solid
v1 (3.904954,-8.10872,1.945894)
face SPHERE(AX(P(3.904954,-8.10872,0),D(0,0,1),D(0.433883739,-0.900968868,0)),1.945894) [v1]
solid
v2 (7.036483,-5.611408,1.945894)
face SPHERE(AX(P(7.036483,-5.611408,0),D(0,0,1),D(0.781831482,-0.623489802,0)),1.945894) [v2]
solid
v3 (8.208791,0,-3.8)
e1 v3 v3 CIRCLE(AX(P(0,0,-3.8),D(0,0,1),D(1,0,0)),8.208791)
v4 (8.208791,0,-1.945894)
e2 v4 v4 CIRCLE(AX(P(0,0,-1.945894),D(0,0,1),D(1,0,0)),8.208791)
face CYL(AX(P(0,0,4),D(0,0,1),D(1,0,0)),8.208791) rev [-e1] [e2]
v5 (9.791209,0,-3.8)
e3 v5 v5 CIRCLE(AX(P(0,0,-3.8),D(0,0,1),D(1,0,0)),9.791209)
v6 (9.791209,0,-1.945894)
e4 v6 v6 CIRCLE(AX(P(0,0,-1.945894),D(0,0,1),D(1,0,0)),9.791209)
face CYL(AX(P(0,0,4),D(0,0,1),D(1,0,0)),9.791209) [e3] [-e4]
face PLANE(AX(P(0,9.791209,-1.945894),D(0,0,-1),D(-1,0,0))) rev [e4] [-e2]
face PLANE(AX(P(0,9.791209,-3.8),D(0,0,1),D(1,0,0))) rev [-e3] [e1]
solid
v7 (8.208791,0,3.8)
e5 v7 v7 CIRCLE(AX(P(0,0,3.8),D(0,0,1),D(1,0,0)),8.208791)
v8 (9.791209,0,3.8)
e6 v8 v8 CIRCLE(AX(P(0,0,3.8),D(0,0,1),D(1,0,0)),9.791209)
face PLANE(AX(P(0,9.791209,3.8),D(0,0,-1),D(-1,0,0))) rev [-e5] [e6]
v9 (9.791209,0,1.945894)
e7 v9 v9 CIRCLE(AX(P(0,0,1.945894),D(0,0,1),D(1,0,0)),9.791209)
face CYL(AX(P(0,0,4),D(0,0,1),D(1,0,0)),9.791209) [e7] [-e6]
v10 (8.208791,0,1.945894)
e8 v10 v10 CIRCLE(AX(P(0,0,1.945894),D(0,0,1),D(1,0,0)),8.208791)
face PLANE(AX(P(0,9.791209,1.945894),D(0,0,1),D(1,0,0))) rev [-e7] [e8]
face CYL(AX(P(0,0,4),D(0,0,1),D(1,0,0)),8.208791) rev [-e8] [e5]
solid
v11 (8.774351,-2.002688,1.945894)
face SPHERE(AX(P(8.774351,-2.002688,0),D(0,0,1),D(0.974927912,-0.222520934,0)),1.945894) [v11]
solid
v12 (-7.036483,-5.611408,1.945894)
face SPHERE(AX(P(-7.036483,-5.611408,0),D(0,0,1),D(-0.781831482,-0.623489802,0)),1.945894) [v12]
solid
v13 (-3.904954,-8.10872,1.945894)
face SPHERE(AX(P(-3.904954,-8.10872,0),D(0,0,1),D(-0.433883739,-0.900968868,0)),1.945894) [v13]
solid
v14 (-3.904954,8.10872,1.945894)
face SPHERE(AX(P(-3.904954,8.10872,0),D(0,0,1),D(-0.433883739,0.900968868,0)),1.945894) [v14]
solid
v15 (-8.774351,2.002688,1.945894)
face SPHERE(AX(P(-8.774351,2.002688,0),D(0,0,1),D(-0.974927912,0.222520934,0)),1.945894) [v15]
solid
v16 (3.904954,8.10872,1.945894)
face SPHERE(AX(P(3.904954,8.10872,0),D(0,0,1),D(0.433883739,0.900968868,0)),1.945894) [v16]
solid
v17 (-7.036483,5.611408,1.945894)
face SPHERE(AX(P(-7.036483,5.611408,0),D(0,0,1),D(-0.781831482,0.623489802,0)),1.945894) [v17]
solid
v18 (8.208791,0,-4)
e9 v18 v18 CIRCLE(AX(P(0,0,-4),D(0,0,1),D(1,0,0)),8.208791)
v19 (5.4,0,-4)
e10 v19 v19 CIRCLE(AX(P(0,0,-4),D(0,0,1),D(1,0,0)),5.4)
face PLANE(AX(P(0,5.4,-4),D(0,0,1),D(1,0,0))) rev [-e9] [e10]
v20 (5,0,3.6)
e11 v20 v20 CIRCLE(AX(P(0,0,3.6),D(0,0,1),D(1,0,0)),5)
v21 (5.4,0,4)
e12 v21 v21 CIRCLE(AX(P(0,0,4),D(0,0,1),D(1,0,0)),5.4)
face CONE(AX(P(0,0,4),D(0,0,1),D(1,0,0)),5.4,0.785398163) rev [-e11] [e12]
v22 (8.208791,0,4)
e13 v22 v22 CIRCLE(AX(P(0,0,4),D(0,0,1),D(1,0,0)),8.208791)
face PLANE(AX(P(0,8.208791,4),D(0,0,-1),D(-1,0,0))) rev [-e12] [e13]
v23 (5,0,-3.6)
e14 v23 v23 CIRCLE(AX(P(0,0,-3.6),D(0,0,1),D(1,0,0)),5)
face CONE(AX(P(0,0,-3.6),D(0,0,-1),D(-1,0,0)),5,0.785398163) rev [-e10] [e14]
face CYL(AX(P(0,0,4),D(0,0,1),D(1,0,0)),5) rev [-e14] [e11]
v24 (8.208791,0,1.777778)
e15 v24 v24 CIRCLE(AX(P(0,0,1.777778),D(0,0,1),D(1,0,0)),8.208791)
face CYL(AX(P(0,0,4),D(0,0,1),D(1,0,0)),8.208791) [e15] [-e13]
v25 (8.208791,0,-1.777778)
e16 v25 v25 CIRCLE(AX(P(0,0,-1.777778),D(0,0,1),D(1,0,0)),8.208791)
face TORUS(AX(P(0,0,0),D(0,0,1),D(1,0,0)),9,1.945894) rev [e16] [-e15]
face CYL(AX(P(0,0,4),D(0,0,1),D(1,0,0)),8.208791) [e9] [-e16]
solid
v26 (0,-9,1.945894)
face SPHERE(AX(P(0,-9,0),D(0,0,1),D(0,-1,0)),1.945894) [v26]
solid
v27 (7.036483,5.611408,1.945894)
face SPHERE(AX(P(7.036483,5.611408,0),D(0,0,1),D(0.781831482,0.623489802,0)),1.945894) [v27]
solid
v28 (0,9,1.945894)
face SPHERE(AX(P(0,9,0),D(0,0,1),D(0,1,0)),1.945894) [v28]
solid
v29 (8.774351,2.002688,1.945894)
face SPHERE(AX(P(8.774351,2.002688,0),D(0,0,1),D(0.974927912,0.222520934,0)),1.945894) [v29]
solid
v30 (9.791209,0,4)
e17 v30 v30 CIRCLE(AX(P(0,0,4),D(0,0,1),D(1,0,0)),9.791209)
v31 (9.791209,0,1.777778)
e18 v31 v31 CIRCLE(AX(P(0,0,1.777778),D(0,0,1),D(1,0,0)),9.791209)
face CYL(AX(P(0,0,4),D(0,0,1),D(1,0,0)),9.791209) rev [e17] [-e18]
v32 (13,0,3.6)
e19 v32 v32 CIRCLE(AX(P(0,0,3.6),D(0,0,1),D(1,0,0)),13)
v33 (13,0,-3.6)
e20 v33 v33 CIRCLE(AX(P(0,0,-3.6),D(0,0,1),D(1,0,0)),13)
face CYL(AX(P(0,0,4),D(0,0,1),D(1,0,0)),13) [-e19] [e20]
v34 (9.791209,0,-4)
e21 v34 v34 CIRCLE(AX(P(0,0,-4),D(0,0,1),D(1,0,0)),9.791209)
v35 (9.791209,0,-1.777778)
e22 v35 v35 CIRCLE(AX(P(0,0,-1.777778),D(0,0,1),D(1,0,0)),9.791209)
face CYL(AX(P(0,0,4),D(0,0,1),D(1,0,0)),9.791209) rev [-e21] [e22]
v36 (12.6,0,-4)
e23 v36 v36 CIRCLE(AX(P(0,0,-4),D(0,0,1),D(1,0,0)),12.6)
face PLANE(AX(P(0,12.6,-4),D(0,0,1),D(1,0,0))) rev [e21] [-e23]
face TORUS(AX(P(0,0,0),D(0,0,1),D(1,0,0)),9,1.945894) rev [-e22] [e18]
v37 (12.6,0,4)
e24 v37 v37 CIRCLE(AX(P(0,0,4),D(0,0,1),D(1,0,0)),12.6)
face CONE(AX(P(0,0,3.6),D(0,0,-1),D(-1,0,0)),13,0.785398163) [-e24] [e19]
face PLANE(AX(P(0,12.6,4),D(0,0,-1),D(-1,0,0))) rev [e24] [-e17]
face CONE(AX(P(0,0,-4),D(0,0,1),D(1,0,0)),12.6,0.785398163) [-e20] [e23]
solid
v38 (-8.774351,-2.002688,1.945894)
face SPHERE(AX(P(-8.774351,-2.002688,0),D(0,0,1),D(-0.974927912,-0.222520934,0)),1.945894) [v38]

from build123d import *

# Parameters (mm, degrees)
CIRPATTERN1_COUNT = 14
SKETCH6_W         = 1.854105558
SKETCH6_H         = 1.582417582


with BuildPart() as part:
    # Sketch1 → Revolve1 (revolve)
    with BuildSketch(Plane(origin=(0, 0, 0), x_dir=(0, 0, -1), z_dir=(1, 0, 0))):
        with BuildLine():
            Line((3.6, 13), (-3.6, 13))
            Line((-3.6, 13), (-4, 12.6))
            Line((-4, 12.6), (-4, 9.791208791))
            Line((-4, 9.791208791), (-1.777777778, 9.791208791))
            ThreePointArc((-1.777777778, 9.791208791), (0, 10.945894442), (1.777777778, 9.791208791))
            Line((1.777777778, 9.791208791), (4, 9.791208791))
            Line((4, 9.791208791), (4, 12.6))
            Line((4, 12.6), (3.6, 13))
        make_face()
    revolve(axis=Axis((0, 0, 4), (0, 0, -1)))


with BuildPart() as body_2:
    # Sketch3 → Revolve3 (revolve)
    with BuildSketch(Plane(origin=(0, 0, 0), x_dir=(0, 0, -1), z_dir=(1, 0, 0))):
        with BuildLine():
            Line((-4, 8.208791209), (-1.777777778, 8.208791209))
            ThreePointArc((-1.777777778, 8.208791209), (0, 7.054105558), (1.777777778, 8.208791209))
            Line((1.777777778, 8.208791209), (4, 8.208791209))
            Line((4, 8.208791209), (4, 5.4))
            Line((4, 5.4), (3.6, 5))
            Line((3.6, 5), (-3.6, 5))
            Line((-3.6, 5), (-4, 5.4))
            Line((-4, 5.4), (-4, 8.208791209))
        make_face()
    revolve(axis=Axis((0, 0, 4), (0, 0, -1)))


with BuildPart() as body_3:
    # Sketch4 → Revolve4 (revolve)
    with BuildSketch(Plane(origin=(0, 0, 0), x_dir=(0, 0, -1), z_dir=(1, 0, 0))):
        with BuildLine():
            Line((-1.945894442, 9), (1.945894442, 9))
            ThreePointArc((1.945894442, 9), (0, 10.945894442), (-1.945894442, 9))
        make_face()
    revolve(axis=Axis((0, 9, 1.945894442), (0, 0, -1)))


with BuildPart() as cirpattern1_1:
    # CirPattern1: pattern copy
    add(body_3.part.rotate(Axis((0, 0, -4), (0, 0, 1)), 1 * 360 / CIRPATTERN1_COUNT))


with BuildPart() as cirpattern1_2:
    # CirPattern1: pattern copy
    add(body_3.part.rotate(Axis((0, 0, -4), (0, 0, 1)), 2 * 360 / CIRPATTERN1_COUNT))


with BuildPart() as cirpattern1_3:
    # CirPattern1: pattern copy
    add(body_3.part.rotate(Axis((0, 0, -4), (0, 0, 1)), 3 * 360 / CIRPATTERN1_COUNT))


with BuildPart() as cirpattern1_4:
    # CirPattern1: pattern copy
    add(body_3.part.rotate(Axis((0, 0, -4), (0, 0, 1)), 4 * 360 / CIRPATTERN1_COUNT))


with BuildPart() as cirpattern1_5:
    # CirPattern1: pattern copy
    add(body_3.part.rotate(Axis((0, 0, -4), (0, 0, 1)), 5 * 360 / CIRPATTERN1_COUNT))


with BuildPart() as cirpattern1_6:
    # CirPattern1: pattern copy
    add(body_3.part.rotate(Axis((0, 0, -4), (0, 0, 1)), 6 * 360 / CIRPATTERN1_COUNT))


with BuildPart() as cirpattern1_7:
    # CirPattern1: pattern copy
    add(body_3.part.rotate(Axis((0, 0, -4), (0, 0, 1)), 7 * 360 / CIRPATTERN1_COUNT))


with BuildPart() as cirpattern1_8:
    # CirPattern1: pattern copy
    add(body_3.part.rotate(Axis((0, 0, -4), (0, 0, 1)), 8 * 360 / CIRPATTERN1_COUNT))


with BuildPart() as cirpattern1_9:
    # CirPattern1: pattern copy
    add(body_3.part.rotate(Axis((0, 0, -4), (0, 0, 1)), 9 * 360 / CIRPATTERN1_COUNT))


with BuildPart() as cirpattern1_10:
    # CirPattern1: pattern copy
    add(body_3.part.rotate(Axis((0, 0, -4), (0, 0, 1)), 10 * 360 / CIRPATTERN1_COUNT))


with BuildPart() as cirpattern1_11:
    # CirPattern1: pattern copy
    add(body_3.part.rotate(Axis((0, 0, -4), (0, 0, 1)), 11 * 360 / CIRPATTERN1_COUNT))


with BuildPart() as cirpattern1_12:
    # CirPattern1: pattern copy
    add(body_3.part.rotate(Axis((0, 0, -4), (0, 0, 1)), 12 * 360 / CIRPATTERN1_COUNT))


with BuildPart() as cirpattern1_13:
    # CirPattern1: pattern copy
    add(body_3.part.rotate(Axis((0, 0, -4), (0, 0, 1)), 13 * 360 / CIRPATTERN1_COUNT))


with BuildPart() as body_17:
    # Sketch6 → Revolve5 (revolve)
    with BuildSketch(Plane(origin=(0, 0, 0), x_dir=(0, 0, -1), z_dir=(1, 0, 0))):
        with Locations((-2.872947221, 9)):
            Rectangle(SKETCH6_W, SKETCH6_H)
        with Locations((2.872947221, 9)):
            Rectangle(SKETCH6_W, SKETCH6_H)
    revolve(axis=Axis((0, 0, 4), (0, 0, -1)))


solid = Compound([part.part, body_2.part, body_3.part, cirpattern1_1.part, cirpattern1_2.part, cirpattern1_3.part, cirpattern1_4.part, cirpattern1_5.part, cirpattern1_6.part, cirpattern1_7.part, cirpattern1_8.part, cirpattern1_9.part, cirpattern1_10.part, cirpattern1_11.part, cirpattern1_12.part, cirpattern1_13.part, body_17.part])
